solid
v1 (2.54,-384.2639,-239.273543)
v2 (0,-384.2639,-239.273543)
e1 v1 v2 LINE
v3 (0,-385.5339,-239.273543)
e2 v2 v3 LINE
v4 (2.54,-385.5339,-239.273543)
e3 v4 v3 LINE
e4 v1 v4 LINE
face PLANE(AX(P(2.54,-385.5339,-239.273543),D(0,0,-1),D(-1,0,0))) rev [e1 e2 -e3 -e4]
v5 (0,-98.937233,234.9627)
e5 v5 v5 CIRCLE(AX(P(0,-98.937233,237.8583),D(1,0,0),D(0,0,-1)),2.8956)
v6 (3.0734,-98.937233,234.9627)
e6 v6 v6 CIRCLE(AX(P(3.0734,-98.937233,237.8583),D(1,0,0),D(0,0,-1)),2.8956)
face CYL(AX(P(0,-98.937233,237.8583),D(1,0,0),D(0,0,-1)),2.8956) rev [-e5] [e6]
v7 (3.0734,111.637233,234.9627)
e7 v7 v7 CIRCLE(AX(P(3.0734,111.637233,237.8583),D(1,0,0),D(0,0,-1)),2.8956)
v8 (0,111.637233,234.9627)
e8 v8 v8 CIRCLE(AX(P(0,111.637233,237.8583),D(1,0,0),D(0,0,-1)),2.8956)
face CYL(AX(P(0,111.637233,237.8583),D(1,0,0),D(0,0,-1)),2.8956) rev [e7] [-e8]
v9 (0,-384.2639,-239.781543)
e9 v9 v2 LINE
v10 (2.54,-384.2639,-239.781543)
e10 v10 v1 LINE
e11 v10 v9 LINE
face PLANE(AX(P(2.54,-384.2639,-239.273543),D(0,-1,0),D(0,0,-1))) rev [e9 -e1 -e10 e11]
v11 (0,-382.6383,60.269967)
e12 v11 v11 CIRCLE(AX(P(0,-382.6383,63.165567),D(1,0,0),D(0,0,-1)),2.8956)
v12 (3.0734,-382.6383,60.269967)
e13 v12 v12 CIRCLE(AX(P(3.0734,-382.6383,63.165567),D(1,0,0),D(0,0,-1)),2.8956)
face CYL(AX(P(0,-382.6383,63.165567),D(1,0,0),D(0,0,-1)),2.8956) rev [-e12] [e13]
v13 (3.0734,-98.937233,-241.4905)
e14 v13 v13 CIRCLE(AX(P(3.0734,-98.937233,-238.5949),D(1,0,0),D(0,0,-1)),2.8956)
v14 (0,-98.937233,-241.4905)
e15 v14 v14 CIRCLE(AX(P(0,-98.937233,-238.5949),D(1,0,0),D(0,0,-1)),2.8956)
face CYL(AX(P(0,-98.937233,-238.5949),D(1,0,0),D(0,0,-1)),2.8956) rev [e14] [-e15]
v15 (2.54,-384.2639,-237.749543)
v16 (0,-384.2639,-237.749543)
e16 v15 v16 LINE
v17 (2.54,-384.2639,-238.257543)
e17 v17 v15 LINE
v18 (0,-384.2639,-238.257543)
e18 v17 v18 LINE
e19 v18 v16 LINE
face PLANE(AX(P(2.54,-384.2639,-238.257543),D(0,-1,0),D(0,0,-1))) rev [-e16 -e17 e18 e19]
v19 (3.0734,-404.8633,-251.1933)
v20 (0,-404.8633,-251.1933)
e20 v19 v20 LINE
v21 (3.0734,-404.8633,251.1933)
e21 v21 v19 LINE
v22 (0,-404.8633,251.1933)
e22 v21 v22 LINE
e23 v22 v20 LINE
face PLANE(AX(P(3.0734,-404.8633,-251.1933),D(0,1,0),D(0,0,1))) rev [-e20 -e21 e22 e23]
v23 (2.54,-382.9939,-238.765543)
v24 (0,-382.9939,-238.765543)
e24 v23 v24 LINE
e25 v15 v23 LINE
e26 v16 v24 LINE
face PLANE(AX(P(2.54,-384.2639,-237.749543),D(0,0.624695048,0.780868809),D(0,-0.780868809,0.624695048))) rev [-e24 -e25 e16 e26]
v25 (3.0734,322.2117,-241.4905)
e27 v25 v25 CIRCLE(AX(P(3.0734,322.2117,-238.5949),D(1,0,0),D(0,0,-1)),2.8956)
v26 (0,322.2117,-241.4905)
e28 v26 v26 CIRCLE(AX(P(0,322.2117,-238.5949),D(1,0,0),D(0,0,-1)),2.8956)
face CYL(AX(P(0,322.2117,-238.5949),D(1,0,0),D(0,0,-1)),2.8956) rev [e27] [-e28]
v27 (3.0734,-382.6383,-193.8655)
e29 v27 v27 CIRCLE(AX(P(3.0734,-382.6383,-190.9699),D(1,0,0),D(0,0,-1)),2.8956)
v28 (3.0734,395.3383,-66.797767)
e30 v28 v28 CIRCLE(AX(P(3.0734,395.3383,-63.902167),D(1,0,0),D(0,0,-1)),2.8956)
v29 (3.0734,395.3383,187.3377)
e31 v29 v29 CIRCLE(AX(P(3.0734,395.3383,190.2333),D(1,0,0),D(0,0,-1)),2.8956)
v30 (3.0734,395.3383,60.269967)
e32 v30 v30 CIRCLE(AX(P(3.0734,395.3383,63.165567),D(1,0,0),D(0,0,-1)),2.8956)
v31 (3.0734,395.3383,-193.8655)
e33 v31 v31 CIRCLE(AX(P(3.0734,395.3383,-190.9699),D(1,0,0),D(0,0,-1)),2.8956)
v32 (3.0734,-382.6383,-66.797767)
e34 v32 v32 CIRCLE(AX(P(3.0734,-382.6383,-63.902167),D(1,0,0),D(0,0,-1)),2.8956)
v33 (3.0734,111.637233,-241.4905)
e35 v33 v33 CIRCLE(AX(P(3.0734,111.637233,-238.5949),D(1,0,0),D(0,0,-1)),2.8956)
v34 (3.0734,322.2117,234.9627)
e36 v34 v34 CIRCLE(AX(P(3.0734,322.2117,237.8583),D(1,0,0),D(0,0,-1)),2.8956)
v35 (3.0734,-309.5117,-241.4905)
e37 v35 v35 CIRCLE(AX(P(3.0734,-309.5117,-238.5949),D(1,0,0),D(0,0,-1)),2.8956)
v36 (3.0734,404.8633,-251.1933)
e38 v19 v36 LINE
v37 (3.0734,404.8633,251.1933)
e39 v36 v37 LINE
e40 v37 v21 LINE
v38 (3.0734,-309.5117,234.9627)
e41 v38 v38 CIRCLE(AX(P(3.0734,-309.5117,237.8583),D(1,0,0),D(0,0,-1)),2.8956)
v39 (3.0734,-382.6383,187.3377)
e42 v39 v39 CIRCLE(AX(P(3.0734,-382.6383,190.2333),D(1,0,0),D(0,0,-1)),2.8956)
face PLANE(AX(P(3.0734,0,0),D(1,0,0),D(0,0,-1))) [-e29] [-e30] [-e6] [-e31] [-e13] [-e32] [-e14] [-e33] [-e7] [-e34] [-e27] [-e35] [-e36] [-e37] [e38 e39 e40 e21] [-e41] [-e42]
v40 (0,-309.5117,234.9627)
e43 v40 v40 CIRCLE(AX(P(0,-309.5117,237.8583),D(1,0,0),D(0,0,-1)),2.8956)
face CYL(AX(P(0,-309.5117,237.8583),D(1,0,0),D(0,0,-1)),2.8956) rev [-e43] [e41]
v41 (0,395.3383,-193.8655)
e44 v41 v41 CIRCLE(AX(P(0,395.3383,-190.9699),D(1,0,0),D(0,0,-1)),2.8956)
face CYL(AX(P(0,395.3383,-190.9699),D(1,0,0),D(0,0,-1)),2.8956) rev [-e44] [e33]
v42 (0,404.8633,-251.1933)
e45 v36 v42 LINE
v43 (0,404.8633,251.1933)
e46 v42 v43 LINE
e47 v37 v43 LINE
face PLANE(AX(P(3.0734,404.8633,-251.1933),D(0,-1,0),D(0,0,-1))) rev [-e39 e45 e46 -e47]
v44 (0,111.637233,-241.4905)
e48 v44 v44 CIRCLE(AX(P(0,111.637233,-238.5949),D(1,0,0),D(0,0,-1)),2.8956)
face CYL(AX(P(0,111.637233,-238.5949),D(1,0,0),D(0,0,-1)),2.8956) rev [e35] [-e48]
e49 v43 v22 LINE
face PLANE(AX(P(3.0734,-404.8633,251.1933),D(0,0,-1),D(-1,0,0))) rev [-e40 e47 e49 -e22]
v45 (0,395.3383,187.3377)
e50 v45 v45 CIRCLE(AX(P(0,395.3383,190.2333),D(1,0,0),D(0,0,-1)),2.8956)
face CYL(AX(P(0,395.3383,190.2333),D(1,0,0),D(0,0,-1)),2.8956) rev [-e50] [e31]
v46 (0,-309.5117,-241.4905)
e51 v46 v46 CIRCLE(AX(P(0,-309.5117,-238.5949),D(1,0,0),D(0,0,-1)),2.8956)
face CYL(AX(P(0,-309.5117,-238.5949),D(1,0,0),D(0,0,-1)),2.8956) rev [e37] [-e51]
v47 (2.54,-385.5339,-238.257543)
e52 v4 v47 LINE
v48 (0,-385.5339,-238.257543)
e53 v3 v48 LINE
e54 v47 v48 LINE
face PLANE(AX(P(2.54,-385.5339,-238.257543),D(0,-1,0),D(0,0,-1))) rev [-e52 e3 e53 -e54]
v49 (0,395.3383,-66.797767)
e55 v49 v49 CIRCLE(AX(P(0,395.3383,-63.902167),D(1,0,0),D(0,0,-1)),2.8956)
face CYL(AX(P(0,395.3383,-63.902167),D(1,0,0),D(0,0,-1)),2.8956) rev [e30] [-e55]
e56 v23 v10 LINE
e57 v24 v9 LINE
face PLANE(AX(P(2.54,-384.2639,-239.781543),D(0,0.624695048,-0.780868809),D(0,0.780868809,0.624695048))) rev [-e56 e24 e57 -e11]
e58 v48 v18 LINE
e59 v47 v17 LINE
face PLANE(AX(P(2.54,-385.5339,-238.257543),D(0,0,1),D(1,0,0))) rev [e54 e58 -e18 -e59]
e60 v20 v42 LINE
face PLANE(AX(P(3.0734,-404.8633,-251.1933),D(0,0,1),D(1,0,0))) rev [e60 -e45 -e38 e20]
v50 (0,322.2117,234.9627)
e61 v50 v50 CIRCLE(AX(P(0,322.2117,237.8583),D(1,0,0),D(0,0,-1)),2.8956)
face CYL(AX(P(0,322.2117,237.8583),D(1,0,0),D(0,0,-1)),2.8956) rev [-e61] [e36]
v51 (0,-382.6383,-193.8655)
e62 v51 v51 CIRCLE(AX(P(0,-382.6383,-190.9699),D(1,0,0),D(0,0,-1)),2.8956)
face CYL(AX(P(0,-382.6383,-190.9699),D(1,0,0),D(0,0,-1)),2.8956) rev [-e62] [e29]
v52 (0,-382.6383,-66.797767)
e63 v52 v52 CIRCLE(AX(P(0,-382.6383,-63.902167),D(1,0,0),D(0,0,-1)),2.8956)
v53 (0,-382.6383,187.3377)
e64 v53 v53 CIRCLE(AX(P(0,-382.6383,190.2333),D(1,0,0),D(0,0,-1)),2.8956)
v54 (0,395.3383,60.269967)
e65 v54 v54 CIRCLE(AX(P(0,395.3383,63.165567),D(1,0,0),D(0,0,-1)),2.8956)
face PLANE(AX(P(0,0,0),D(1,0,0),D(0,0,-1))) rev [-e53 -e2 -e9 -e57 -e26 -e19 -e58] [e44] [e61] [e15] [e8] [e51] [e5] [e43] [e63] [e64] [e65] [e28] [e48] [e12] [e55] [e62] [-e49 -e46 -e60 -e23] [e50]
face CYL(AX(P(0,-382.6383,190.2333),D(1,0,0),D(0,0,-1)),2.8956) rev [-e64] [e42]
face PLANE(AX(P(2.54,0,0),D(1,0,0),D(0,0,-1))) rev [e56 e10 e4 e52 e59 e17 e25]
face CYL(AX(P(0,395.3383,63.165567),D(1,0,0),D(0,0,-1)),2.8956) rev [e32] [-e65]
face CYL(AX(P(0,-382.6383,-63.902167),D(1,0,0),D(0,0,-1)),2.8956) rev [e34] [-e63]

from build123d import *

# Parameters (mm, degrees)
SKETCH1_W                 = 502.3866
SKETCH1_H                 = 809.7266
SIDEPANEL_DEPTH           = 3.0734
SKETCH2_R                 = 2.8956
TOPBOTTOMHOLEMASTER_DEPTH = 4.0734
LPATTERN1_COUNT           = 4
LPATTERN1_PITCH           = 127.067733333
SKETCH3_R                 = 2.8956
REARHOLESMASTER_DEPTH     = 4.0734
LPATTERN2_COUNT           = 4
LPATTERN2_PITCH           = 210.574466667
CUT_EXTRUDE1_DEPTH        = 2.54


with BuildPart() as part:
    # Sketch1 → SidePanel (new body)
    with BuildSketch(Plane(origin=(0, 0, 0), x_dir=(0, 0, -1), z_dir=(1, 0, 0))):
        Rectangle(SKETCH1_W, SKETCH1_H)
    extrude(amount=SIDEPANEL_DEPTH)

    # Sketch2 → TopBottomHoleMaster (cut, through all)
    with BuildSketch(Plane(origin=(3.0734, 0, 0), x_dir=(0, 0, -1), z_dir=(1, 0, 0))):
        with Locations((190.9699, 395.3383)):
            Circle(SKETCH2_R)
        with Locations((190.9699, -382.6383)):
            Circle(SKETCH2_R)
    topbottomholemaster = extrude(amount=-TOPBOTTOMHOLEMASTER_DEPTH, mode=Mode.SUBTRACT)

    # LPattern1: TopBottomHoleMaster ×4
    with Locations(*[(0, 0, i * LPATTERN1_PITCH) for i in range(1, LPATTERN1_COUNT)]):
        add(topbottomholemaster, mode=Mode.SUBTRACT)

    # Sketch3 → RearHolesMaster (cut, through all)
    with BuildSketch(Plane(origin=(3.0734, 0, 0), x_dir=(0, 0, -1), z_dir=(1, 0, 0))):
        with Locations((-237.8583, 322.2117)):
            Circle(SKETCH3_R)
        with Locations((238.5949, 322.2117)):
            Circle(SKETCH3_R)
    rearholesmaster = extrude(amount=-REARHOLESMASTER_DEPTH, mode=Mode.SUBTRACT)

    # LPattern2: RearHolesMaster ×4
    with Locations(*[(0, -i * LPATTERN2_PITCH, 0) for i in range(1, LPATTERN2_COUNT)]):
        add(rearholesmaster, mode=Mode.SUBTRACT)

    # Sketch4 → Cut-Extrude1 (cut)
    with BuildSketch(Plane.ZY):
        Polygon((-238.257543072, -385.5339), (-239.273543072, -385.5339), (-239.273543072, -384.2639), (-239.781543072, -384.2639), (-238.765543072, -382.9939), (-237.749543072, -384.2639), (-238.257543072, -384.2639), align=None)
    extrude(amount=-CUT_EXTRUDE1_DEPTH, mode=Mode.SUBTRACT)


solid = part.part
